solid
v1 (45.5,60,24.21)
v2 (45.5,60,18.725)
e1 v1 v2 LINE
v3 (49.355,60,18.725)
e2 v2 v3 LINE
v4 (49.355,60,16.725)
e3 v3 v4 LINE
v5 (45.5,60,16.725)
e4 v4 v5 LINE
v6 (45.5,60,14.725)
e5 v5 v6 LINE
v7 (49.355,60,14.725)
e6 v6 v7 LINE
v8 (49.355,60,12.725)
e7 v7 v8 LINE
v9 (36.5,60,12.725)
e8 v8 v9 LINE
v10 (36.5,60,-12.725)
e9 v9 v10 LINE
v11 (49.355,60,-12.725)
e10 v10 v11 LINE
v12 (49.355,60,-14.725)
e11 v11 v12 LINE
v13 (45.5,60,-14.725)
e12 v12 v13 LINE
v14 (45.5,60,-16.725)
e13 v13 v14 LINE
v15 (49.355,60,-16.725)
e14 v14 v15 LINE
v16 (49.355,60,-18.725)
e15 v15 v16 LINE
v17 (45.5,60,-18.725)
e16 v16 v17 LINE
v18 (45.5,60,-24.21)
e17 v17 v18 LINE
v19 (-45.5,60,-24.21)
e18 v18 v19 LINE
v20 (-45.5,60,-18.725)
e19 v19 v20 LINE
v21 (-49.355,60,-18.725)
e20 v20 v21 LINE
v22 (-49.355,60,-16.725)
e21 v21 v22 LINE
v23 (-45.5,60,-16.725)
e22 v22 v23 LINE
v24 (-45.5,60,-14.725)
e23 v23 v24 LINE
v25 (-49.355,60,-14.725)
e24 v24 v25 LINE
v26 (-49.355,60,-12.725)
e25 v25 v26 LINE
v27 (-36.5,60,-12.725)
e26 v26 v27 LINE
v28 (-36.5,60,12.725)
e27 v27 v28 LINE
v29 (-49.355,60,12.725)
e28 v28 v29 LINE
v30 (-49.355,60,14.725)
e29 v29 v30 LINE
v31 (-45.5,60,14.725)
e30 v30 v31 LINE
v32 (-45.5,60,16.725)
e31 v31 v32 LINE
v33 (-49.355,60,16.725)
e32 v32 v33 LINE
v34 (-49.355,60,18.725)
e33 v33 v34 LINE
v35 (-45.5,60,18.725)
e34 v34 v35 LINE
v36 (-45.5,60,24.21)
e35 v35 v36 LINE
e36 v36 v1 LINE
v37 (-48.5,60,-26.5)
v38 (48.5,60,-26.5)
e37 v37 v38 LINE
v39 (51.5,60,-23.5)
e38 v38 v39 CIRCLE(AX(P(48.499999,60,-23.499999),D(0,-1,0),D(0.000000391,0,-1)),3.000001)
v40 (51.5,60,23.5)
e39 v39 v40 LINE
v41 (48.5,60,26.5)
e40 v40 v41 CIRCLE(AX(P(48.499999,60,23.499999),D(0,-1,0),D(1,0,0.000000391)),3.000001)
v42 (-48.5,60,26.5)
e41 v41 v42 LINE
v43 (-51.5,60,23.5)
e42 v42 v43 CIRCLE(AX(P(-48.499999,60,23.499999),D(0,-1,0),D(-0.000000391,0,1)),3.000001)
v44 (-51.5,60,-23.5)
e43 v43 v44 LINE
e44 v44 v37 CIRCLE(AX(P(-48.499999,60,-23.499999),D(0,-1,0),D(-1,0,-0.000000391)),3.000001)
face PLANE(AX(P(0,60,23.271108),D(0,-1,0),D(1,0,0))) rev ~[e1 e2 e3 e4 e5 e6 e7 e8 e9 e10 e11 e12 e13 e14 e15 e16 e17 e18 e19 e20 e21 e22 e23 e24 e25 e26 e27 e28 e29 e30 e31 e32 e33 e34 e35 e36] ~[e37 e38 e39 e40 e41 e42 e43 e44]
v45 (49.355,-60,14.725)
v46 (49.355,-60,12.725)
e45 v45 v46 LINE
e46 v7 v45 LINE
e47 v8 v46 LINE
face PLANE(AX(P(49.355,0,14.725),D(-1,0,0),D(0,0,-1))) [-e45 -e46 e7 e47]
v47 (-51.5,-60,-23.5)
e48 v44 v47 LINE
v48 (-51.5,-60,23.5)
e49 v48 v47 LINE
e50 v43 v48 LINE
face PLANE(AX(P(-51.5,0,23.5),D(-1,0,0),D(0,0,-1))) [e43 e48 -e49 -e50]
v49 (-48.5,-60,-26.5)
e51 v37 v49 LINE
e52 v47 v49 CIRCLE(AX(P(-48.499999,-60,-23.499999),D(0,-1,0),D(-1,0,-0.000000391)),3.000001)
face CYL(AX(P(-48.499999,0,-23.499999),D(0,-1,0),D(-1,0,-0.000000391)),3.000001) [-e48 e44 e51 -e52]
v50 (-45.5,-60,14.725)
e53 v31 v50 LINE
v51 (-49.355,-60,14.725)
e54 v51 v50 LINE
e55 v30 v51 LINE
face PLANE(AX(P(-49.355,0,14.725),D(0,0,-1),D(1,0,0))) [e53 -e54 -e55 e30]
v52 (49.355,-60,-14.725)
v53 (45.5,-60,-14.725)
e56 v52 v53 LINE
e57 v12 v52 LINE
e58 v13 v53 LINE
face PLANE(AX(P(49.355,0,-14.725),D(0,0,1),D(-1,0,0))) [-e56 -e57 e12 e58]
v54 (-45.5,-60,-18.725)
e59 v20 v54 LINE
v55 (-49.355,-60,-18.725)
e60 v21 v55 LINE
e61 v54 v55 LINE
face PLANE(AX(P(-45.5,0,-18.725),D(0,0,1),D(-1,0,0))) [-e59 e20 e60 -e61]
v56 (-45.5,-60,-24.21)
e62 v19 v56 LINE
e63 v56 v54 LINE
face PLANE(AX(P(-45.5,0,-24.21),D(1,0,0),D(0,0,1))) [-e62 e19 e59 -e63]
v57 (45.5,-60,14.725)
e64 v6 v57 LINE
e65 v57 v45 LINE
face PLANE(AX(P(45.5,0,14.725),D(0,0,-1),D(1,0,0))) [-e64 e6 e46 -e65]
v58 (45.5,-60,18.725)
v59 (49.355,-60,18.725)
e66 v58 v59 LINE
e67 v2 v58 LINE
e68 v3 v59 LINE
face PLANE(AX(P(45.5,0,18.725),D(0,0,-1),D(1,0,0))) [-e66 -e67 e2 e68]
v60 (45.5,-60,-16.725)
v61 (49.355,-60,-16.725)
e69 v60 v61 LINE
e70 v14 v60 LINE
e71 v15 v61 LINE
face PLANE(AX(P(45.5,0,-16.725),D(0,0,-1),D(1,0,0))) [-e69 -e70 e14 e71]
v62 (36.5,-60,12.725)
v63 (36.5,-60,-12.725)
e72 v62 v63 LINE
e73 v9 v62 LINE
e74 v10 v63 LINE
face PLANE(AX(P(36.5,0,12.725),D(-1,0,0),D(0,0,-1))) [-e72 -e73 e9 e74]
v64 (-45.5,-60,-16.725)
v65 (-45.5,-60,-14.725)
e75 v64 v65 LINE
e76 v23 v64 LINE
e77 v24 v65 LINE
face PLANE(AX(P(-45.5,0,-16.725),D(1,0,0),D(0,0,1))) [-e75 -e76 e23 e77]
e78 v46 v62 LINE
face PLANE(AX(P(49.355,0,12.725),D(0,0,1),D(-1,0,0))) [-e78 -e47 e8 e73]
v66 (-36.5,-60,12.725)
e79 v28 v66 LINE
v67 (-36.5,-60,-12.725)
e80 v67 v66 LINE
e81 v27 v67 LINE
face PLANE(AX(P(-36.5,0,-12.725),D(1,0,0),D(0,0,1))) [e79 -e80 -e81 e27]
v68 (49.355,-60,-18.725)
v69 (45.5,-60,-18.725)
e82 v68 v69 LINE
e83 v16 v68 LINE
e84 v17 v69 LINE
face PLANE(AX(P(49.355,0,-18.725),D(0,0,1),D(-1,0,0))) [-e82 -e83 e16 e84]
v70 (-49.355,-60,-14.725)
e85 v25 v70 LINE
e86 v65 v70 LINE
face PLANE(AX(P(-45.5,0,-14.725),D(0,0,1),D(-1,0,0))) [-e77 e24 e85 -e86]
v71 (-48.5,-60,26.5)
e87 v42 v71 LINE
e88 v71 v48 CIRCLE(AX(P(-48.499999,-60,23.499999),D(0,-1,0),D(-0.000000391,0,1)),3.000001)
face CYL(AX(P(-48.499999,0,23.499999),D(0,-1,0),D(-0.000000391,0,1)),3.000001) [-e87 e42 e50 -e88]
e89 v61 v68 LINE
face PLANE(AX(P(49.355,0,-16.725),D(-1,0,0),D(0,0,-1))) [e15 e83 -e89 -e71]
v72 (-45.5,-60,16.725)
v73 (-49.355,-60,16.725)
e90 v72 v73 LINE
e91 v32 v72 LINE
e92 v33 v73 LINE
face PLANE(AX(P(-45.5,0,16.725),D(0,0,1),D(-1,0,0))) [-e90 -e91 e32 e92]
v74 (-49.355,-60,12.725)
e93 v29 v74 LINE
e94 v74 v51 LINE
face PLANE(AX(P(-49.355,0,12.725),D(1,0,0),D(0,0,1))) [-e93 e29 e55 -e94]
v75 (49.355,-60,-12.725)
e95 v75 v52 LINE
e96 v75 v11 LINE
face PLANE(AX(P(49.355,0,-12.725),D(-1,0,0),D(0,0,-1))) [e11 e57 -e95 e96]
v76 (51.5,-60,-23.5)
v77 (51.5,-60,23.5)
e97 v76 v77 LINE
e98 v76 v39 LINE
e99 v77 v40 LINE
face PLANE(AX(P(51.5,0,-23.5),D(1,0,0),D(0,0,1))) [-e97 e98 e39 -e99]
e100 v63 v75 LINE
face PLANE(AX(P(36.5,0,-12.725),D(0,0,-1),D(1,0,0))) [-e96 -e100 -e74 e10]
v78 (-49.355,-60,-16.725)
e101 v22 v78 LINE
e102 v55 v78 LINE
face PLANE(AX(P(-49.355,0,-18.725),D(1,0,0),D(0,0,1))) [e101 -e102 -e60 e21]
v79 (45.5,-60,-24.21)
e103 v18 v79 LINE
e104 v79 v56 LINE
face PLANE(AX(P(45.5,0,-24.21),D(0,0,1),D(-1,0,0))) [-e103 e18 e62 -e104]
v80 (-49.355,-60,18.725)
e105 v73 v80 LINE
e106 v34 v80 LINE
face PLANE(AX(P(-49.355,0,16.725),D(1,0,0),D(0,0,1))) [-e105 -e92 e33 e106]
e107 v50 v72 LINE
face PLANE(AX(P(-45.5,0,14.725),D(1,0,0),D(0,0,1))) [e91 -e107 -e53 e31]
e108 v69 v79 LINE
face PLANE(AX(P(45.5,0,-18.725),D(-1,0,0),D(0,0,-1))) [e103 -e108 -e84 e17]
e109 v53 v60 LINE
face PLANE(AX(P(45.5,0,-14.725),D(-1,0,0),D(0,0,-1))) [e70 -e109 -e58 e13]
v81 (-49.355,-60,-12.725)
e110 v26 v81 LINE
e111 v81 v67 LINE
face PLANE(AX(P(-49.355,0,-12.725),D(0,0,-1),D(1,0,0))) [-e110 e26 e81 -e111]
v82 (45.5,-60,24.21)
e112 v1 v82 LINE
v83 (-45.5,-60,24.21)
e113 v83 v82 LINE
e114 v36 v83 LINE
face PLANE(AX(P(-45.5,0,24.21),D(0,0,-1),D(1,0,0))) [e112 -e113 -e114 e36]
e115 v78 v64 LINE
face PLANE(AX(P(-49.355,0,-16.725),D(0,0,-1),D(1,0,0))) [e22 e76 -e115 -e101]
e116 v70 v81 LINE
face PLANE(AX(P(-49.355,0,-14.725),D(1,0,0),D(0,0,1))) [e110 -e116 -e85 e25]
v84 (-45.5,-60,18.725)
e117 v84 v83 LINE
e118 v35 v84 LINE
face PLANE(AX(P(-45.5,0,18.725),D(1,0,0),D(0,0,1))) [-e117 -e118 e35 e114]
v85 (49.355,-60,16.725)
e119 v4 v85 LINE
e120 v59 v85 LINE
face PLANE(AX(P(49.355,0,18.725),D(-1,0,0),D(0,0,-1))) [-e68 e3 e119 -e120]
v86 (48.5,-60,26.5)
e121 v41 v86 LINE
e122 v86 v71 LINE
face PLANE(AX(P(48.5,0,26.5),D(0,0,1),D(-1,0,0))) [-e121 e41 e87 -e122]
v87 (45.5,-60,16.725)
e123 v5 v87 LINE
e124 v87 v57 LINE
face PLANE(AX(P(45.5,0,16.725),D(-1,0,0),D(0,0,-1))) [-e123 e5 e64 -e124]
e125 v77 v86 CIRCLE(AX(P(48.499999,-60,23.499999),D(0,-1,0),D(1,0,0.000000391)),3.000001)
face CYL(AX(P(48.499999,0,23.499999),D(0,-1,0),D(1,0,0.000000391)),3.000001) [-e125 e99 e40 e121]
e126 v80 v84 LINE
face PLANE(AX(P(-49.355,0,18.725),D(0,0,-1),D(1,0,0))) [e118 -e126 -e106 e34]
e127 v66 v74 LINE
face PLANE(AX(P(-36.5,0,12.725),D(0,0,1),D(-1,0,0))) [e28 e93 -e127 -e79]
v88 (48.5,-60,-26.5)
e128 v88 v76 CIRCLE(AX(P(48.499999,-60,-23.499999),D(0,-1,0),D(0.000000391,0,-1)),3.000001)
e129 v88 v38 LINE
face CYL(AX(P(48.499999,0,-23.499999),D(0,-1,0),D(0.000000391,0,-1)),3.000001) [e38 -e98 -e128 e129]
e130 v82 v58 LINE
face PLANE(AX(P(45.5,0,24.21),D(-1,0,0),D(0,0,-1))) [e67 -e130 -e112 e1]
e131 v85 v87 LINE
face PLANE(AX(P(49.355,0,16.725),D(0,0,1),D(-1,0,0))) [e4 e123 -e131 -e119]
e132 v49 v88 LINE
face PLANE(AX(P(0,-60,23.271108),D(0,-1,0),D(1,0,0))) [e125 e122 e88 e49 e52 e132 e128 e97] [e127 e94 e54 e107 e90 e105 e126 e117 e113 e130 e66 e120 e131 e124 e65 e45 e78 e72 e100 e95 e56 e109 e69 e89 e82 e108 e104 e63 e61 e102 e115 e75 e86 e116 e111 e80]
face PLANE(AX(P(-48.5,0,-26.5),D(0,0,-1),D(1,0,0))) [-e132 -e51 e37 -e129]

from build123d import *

# Parameters (mm, degrees)
F1_DEPTH = 60


with BuildPart() as f1:
    # F0 (on Front) → F1 (new body, symmetric)
    with BuildSketch(Plane.XZ):
        with BuildLine():
            Line((49.355, 12.725), (51.5, 12.725))
            Line((51.5, 12.725), (51.5, 23.5))
            ThreePointArc((51.5, 23.5), (50.62132, 25.62132), (48.5, 26.5))
            Line((48.5, 26.5), (-48.5, 26.5))
            ThreePointArc((-48.5, 26.5), (-50.62132, 25.62132), (-51.5, 23.5))
            Line((-51.5, 23.5), (-51.5, 12.725))
            Line((-51.5, 12.725), (-49.355, 12.725))
            Line((-49.355, 12.725), (-49.355, 14.725))
            Line((-49.355, 14.725), (-45.5, 14.725))
            Line((-45.5, 14.725), (-45.5, 16.725))
            Line((-45.5, 16.725), (-49.355, 16.725))
            Line((-49.355, 16.725), (-49.355, 18.725))
            Line((-49.355, 18.725), (-45.5, 18.725))
            Line((-45.5, 18.725), (-45.5, 24.21))
            Line((-45.5, 24.21), (45.5, 24.21))
            Line((45.5, 24.21), (45.5, 18.725))
            Line((45.5, 18.725), (49.355, 18.725))
            Line((49.355, 18.725), (49.355, 16.725))
            Line((49.355, 16.725), (45.5, 16.725))
            Line((45.5, 16.725), (45.5, 14.725))
            Line((45.5, 14.725), (49.355, 14.725))
            Line((49.355, 14.725), (49.355, 12.725))
        make_face()
        Polygon((-51.5, 12.725), (-51.5, -12.725), (-49.355, -12.725), (-36.5, -12.725), (-36.5, 12.725), (-49.355, 12.725), align=None)
        with BuildLine():
            Line((-48.5, -26.5), (48.5, -26.5))
            ThreePointArc((48.5, -26.5), (50.62132, -25.62132), (51.5, -23.5))
            Line((51.5, -23.5), (51.5, -12.725))
            Line((51.5, -12.725), (49.355, -12.725))
            Line((49.355, -12.725), (49.355, -14.725))
            Line((49.355, -14.725), (45.5, -14.725))
            Line((45.5, -14.725), (45.5, -16.725))
            Line((45.5, -16.725), (49.355, -16.725))
            Line((49.355, -16.725), (49.355, -18.725))
            Line((49.355, -18.725), (45.5, -18.725))
            Line((45.5, -18.725), (45.5, -24.21))
            Line((45.5, -24.21), (-45.5, -24.21))
            Line((-45.5, -24.21), (-45.5, -18.725))
            Line((-45.5, -18.725), (-49.355, -18.725))
            Line((-49.355, -18.725), (-49.355, -16.725))
            Line((-49.355, -16.725), (-45.5, -16.725))
            Line((-45.5, -16.725), (-45.5, -14.725))
            Line((-45.5, -14.725), (-49.355, -14.725))
            Line((-49.355, -14.725), (-49.355, -12.725))
            Line((-49.355, -12.725), (-51.5, -12.725))
            Line((-51.5, -12.725), (-51.5, -23.5))
            ThreePointArc((-51.5, -23.5), (-50.62132, -25.62132), (-48.5, -26.5))
        make_face()
        Polygon((49.355, -12.725), (51.5, -12.725), (51.5, 12.725), (49.355, 12.725), (36.5, 12.725), (36.5, -12.725), align=None)
    extrude(amount=F1_DEPTH, both=True)


solid = f1.part
